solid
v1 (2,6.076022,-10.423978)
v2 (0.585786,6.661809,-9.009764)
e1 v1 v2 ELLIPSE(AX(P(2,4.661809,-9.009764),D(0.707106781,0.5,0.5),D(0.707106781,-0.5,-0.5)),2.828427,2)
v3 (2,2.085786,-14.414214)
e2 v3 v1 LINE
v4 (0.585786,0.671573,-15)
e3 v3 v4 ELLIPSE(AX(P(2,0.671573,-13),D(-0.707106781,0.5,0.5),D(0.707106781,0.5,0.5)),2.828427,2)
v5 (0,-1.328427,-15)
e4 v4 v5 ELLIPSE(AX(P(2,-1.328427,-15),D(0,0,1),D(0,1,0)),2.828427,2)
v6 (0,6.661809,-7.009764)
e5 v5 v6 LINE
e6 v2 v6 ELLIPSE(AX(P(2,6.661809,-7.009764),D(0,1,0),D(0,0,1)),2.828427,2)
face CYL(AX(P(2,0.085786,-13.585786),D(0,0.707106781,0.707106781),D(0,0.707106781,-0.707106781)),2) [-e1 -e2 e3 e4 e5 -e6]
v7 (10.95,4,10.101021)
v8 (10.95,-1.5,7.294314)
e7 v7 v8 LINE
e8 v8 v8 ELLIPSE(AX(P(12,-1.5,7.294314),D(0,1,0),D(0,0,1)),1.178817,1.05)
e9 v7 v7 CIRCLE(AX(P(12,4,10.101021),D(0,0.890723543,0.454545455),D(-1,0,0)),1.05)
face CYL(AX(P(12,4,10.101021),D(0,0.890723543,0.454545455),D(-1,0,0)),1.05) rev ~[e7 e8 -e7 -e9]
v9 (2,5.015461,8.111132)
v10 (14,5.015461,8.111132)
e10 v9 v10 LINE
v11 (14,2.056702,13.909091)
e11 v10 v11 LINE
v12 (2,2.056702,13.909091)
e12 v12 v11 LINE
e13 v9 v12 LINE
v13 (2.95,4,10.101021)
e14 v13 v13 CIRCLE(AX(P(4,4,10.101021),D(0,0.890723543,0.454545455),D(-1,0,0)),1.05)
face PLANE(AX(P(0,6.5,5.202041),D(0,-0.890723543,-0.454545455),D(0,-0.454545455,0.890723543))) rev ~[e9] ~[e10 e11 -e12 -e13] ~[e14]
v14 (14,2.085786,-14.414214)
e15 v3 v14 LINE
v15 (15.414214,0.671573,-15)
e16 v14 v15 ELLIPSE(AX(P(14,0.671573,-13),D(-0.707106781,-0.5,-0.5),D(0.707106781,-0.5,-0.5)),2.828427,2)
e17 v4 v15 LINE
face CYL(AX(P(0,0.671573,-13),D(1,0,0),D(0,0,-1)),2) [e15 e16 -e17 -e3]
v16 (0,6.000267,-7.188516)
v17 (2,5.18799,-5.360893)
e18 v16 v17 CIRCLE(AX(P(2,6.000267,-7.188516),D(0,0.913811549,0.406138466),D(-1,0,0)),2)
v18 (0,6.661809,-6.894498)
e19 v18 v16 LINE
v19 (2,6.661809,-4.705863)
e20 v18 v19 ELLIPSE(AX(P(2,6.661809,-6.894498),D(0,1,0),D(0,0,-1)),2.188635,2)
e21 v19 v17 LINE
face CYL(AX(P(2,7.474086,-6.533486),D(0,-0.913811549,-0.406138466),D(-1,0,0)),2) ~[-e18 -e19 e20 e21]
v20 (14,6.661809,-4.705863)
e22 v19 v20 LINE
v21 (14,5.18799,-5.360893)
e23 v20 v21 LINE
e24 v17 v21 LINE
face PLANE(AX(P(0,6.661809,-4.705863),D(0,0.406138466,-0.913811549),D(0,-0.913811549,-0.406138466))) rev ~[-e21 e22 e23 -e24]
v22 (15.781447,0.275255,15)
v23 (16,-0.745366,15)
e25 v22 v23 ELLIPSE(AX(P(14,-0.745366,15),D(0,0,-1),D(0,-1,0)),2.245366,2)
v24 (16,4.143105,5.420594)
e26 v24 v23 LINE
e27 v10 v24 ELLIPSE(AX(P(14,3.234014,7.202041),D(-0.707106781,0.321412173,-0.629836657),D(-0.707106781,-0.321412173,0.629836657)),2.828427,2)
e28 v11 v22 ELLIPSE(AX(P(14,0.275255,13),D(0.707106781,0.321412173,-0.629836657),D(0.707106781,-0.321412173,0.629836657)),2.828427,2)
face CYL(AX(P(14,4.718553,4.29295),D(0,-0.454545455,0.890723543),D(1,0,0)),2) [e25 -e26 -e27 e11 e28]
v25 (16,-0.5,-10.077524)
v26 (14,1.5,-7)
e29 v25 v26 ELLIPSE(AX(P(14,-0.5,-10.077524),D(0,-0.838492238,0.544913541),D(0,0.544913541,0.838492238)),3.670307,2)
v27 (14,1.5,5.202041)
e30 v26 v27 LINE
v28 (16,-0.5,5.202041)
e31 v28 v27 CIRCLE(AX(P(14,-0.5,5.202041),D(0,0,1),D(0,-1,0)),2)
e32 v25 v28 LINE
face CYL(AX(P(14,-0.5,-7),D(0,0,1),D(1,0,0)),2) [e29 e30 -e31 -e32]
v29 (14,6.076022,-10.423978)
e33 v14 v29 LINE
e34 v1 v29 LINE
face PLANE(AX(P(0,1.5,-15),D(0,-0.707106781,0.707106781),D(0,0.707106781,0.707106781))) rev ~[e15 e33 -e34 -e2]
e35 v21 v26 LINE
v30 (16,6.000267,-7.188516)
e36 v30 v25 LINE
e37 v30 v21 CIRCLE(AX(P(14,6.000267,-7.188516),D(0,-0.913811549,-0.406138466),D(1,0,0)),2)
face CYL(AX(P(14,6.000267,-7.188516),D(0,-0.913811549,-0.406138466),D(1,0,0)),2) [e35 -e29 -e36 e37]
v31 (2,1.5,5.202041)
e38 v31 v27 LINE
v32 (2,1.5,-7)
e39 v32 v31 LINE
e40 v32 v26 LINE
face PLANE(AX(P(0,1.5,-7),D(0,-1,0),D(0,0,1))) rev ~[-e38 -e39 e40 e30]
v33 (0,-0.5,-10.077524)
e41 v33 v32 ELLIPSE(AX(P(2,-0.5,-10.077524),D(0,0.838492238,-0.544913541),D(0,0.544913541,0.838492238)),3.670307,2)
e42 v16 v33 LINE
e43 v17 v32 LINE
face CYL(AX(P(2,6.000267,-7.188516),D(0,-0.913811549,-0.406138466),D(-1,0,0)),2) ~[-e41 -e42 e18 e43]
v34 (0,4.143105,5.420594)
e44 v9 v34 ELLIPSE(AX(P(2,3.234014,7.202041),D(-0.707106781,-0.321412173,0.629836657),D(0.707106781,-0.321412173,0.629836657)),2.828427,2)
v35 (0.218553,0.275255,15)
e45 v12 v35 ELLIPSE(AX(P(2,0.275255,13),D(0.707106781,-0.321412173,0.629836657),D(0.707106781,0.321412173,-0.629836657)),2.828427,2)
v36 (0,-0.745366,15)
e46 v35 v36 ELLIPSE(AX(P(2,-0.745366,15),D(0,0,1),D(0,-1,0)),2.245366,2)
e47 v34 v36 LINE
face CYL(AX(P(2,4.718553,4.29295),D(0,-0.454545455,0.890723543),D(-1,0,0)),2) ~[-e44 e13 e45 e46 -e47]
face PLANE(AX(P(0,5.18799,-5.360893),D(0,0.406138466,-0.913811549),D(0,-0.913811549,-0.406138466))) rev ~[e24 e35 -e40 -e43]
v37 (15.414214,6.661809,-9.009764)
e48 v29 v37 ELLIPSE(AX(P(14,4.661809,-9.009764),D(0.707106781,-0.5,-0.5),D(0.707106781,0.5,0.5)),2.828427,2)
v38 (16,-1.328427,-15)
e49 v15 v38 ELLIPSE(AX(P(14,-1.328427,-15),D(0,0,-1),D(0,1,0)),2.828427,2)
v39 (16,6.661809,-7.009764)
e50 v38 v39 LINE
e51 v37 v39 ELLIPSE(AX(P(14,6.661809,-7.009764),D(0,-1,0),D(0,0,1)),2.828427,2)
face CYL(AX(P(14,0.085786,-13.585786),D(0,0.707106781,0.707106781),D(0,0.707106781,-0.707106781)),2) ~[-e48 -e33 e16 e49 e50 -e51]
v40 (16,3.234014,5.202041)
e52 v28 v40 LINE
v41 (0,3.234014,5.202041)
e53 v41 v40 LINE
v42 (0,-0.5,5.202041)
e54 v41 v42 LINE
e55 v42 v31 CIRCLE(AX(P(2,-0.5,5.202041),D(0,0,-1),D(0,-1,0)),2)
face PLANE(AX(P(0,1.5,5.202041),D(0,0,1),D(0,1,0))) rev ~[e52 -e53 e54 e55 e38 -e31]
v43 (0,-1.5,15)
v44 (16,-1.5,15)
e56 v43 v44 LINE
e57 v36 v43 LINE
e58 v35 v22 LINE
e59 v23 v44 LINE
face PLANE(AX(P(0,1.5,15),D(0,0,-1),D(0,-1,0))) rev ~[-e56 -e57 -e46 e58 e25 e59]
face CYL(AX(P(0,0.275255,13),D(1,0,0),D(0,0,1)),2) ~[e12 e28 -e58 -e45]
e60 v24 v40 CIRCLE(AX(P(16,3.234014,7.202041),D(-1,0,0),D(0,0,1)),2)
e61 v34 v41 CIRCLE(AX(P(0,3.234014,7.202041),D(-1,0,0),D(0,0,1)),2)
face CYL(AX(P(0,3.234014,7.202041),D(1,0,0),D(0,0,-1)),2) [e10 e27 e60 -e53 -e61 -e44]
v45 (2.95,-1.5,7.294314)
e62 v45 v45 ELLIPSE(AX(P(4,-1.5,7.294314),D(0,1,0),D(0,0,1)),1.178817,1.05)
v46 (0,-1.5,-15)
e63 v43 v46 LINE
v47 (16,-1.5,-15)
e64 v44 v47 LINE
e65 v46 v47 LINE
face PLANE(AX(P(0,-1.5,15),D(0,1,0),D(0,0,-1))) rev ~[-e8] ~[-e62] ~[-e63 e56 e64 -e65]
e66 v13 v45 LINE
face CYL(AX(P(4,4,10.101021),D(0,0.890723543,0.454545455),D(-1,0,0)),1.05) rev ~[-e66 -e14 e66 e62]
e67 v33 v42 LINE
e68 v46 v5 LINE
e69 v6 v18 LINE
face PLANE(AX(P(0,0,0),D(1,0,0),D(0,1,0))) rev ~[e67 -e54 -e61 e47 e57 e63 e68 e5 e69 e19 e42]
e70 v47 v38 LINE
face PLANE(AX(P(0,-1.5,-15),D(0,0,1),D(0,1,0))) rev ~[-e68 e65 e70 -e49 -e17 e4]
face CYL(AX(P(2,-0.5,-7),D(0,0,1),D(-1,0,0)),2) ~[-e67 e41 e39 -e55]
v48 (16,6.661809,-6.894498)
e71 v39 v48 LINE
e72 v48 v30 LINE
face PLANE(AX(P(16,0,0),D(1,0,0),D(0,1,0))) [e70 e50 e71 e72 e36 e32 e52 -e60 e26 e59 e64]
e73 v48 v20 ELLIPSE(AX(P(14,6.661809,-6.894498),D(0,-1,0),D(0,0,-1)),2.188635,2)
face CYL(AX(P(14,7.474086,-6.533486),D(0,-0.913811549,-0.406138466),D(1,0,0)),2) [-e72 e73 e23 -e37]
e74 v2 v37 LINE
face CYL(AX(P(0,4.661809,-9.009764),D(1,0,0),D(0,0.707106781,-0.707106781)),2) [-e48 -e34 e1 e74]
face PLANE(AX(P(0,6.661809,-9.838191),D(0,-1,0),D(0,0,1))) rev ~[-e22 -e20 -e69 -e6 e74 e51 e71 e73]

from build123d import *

# Parameters (mm, degrees)
F1_DEPTH = 16
F2_R     = 1.05
F3_DEPTH = 7.7105812745
F4_R     = 2


with BuildPart() as f1:
    # F0 (on Right) → F1 (new body)
    with BuildSketch(Plane.YZ):
        Polygon((-1.5, -15), (1.5, -15), (1.5, -7), (1.5, -3), (1.5, 5.2020410289), (1.5, 15), (-1.5, 15), align=None)
        Polygon((6.5, 5.2020410289), (1.5, 15), (1.5, 5.2020410289), align=None)
        Polygon((1.5, -7), (1.5, -15), (6.6618086312, -9.8381913688), (6.6618086312, -4.7058628306), (5.187990124, -5.3608932782), align=None)
    extrude(amount=F1_DEPTH)

    # F2 (on face) → F3 (cut, up to face)
    with BuildSketch(Plane(origin=(0, 7.2631977094, 3.7064850602), x_dir=(-1, 0, 0), z_dir=(0, 0.8907235428, 0.4545454545))):
        with Locations((-12, 7.1790349606)):
            Circle(F2_R)
        with Locations((-4, 7.1790349606)):
            Circle(F2_R)
    extrude(amount=-F3_DEPTH, mode=Mode.SUBTRACT)

    # F4
    f4_edges = [f1.edges().sort_by_distance(p)[0] for p in [
        (16, 1.5, -0.898979),
        (0, 1.5, -0.898979),
        (16, 4, 10.101021),
        (0, 4, 10.101021),
        (8, 6.5, 5.202041),
        (8, 6.661809, -9.838191),
        (16, 4.080904, -12.419096),
        (0, 4.080904, -12.419096),
        (16, 4.080904, -5.852931),
        (0, 4.080904, -5.852931),
        (8, 1.5, 15),
        (8, 1.5, -15),
    ]]
    fillet(f4_edges, radius=F4_R)


solid = f1.part
